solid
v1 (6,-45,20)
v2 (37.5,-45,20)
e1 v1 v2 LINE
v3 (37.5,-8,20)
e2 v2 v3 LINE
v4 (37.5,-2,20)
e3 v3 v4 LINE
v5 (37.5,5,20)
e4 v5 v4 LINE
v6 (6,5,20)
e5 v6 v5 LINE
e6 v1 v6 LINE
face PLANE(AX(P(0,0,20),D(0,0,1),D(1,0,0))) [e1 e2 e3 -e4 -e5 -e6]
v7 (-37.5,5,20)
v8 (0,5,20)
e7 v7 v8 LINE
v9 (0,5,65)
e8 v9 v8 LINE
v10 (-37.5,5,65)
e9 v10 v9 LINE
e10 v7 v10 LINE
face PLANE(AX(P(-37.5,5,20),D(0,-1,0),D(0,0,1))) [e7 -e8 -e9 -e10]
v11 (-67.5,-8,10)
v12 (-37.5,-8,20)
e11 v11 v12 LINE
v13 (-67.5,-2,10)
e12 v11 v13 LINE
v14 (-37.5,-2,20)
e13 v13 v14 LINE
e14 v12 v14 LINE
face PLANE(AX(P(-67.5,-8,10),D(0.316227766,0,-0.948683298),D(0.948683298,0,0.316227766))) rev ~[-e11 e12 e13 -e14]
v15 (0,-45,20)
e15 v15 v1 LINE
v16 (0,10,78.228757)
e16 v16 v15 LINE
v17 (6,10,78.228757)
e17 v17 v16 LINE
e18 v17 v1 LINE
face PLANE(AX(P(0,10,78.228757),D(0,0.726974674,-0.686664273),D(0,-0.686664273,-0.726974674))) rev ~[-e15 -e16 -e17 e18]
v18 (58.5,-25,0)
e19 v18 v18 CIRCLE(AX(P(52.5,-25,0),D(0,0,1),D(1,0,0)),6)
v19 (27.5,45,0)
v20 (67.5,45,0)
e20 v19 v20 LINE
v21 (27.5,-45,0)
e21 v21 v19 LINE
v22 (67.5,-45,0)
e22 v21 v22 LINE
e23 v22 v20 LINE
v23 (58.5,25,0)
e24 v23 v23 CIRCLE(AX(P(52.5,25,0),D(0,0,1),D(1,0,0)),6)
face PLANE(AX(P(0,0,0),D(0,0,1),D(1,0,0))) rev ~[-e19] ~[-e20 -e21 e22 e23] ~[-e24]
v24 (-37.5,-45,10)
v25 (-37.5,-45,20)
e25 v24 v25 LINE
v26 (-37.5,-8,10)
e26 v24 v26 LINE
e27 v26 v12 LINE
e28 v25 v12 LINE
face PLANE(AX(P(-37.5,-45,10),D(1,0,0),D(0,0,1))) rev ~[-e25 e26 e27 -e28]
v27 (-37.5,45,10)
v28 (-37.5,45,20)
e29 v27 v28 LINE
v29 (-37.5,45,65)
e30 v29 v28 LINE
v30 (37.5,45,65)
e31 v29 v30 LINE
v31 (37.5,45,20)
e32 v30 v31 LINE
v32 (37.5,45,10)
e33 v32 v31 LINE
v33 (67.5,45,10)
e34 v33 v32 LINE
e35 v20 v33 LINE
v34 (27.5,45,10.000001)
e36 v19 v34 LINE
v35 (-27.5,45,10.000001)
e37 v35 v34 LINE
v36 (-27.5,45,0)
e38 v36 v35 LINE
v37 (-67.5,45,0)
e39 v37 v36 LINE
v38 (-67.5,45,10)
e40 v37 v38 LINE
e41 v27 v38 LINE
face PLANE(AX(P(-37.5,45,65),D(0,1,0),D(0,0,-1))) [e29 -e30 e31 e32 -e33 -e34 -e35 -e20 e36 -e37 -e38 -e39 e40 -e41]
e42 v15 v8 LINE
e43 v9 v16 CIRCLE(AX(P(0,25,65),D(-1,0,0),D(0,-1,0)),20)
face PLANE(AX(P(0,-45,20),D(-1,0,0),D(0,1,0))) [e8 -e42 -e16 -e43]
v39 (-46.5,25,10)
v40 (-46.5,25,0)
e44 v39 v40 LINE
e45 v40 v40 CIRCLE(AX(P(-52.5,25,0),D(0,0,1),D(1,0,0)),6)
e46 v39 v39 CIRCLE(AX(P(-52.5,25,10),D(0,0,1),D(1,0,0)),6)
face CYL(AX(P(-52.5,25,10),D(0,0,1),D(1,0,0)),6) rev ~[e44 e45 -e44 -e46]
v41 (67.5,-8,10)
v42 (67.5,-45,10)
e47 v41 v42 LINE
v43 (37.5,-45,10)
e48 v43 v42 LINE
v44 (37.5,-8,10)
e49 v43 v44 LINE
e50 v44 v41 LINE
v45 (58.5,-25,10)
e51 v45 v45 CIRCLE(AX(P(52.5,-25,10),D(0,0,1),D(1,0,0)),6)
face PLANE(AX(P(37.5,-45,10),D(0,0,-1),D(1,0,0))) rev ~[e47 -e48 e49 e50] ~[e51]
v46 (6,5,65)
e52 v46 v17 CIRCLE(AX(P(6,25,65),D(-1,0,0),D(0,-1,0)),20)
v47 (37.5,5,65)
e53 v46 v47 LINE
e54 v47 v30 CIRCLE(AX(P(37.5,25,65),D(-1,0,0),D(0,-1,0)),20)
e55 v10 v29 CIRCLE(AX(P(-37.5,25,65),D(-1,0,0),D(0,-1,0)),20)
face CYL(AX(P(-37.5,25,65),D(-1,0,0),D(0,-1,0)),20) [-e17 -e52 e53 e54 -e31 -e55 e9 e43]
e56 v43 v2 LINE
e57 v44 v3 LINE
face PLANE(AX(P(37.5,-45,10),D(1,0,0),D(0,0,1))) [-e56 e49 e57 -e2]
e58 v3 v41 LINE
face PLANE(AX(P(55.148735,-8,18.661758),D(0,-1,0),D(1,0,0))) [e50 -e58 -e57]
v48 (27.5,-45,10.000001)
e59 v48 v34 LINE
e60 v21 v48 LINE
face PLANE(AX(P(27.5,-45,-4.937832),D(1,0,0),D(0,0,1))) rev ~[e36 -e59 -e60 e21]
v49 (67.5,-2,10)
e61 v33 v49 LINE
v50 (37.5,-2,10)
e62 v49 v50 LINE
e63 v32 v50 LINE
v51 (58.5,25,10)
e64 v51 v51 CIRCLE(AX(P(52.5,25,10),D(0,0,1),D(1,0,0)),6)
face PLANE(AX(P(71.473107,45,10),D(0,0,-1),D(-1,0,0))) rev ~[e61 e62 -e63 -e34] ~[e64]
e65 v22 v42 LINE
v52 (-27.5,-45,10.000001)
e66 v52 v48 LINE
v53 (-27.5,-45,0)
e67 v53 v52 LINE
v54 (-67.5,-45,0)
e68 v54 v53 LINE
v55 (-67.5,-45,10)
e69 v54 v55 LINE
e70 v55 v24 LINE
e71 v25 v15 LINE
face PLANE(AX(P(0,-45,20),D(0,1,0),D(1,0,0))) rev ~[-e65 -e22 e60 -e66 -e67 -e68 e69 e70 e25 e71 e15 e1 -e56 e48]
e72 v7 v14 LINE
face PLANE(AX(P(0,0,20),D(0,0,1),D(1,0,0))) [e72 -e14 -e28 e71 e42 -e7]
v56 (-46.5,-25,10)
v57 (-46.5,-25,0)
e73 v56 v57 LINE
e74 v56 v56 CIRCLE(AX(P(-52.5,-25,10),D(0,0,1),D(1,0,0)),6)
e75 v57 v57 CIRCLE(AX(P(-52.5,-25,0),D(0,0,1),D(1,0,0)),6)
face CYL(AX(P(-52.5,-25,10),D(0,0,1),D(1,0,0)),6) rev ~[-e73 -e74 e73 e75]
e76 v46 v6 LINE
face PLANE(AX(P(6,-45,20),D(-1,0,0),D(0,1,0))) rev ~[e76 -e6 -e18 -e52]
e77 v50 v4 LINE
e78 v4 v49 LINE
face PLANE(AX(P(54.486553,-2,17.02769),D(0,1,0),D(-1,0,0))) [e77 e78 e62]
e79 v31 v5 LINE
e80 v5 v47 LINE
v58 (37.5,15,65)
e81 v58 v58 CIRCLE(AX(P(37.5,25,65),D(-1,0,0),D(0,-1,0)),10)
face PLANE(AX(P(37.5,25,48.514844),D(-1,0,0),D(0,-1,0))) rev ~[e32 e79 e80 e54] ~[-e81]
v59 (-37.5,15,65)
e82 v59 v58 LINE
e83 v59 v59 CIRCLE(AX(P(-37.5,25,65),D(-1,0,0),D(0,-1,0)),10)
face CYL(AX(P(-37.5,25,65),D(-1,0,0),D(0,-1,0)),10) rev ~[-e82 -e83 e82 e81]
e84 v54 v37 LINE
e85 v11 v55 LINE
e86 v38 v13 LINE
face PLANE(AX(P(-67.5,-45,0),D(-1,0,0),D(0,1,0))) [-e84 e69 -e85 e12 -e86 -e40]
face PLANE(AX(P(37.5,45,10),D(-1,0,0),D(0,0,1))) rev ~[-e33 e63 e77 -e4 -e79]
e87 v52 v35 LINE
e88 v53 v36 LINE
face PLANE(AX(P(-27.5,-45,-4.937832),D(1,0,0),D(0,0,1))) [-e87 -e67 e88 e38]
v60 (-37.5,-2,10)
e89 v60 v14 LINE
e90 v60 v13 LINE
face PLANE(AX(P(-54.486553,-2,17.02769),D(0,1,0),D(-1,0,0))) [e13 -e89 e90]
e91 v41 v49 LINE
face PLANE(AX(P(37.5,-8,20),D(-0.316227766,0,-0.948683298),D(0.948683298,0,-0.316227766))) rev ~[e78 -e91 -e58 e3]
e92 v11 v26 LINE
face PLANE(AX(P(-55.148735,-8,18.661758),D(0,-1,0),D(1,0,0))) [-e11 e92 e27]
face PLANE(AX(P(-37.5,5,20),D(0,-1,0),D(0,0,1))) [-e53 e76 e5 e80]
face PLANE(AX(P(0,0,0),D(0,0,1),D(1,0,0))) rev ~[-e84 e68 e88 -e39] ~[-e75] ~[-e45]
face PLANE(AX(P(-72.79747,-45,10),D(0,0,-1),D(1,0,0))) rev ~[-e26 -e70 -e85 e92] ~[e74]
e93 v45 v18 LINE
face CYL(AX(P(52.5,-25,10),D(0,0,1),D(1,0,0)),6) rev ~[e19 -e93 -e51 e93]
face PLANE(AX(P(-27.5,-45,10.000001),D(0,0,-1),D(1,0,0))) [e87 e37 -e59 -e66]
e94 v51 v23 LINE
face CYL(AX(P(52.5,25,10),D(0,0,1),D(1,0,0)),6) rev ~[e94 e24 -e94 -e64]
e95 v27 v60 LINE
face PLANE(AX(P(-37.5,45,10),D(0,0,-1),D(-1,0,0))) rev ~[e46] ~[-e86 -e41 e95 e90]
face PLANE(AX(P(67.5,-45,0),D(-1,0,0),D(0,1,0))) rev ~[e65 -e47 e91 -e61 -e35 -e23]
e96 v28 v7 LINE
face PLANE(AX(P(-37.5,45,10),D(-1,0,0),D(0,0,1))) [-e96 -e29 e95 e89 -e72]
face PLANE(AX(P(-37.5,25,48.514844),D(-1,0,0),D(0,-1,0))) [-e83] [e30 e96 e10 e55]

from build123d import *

# Parameters (mm, degrees)
F0_W      = 135
F0_H      = 90
F1_DEPTH  = 20
F2_W      = 55
F2_H      = 14.937833
F3_DEPTH  = 90
F4_W      = 35.29747
F4_H      = 17.323516
F5_DEPTH  = 37
F6_W      = 33.973107
F6_H      = 14.05538
F7_DEPTH  = 47
F9_DEPTH  = 6
F11_DEPTH = 75
F12_R     = 10
F13_DEPTH = 105.001
F14_R     = 6
F15_DEPTH = 10.001
F16_W     = 6
F16_H     = 55
F17_DEPTH = 65
F19_DEPTH = 6


with BuildPart() as f1:
    # F0 (on Top) → F1 (new body)
    with BuildSketch(Plane.XY):
        Rectangle(F0_W, F0_H)
    extrude(amount=F1_DEPTH)

    # F2 (on face) → F3 (cut, through all)
    with BuildSketch(Plane.XZ.offset(45)):
        with Locations((0, 2.531084)):
            Rectangle(F2_W, F2_H)
    extrude(amount=-F3_DEPTH, mode=Mode.SUBTRACT)

    # F4 (on face) → F5 (cut)
    with BuildSketch(Plane.XZ.offset(45)):
        with Locations((-55.148735, 18.661758)):
            Rectangle(F4_W, F4_H)
        with Locations((55.148735, 18.661758)):
            Rectangle(F4_W, F4_H)
    extrude(amount=-F5_DEPTH, mode=Mode.SUBTRACT)

    # F6 (on face) → F7 (cut)
    with BuildSketch(Plane(origin=(0, 45, 0), x_dir=(-1, 0, 0), z_dir=(0, 1, 0))):
        with Locations((-54.486553, 17.02769)):
            Rectangle(F6_W, F6_H)
        with Locations((54.486553, 17.02769)):
            Rectangle(F6_W, F6_H)
    extrude(amount=-F7_DEPTH, mode=Mode.SUBTRACT)

    # F8 (on face) → F9 (cut, through all)
    with BuildSketch(Plane.XZ.offset(8)):
        Polygon((-69.806829, 10), (-67.5, 10), (-37.5, 20), (-37.5, 24.232961), (-69.806829, 24.232961), align=None)
        Polygon((69.806829, 24.232961), (37.5, 24.232961), (37.5, 20), (67.5, 10), (69.806829, 10), align=None)
    extrude(amount=-F9_DEPTH, mode=Mode.SUBTRACT)

    # F10 (on face) → F11 (join, through all)
    with BuildSketch(Plane(origin=(-37.5, 0, 0), x_dir=(0, -1, 0), z_dir=(-1, 0, 0))):
        with BuildLine():
            Line((-45, 65), (-45, 20))
            Line((-45, 20), (-5, 20))
            Line((-5, 20), (-5, 65))
            ThreePointArc((-5, 65), (-25, 85), (-45, 65))
        make_face()
    extrude(amount=-F11_DEPTH)

    # F12 (on face) → F13 (cut, through all)
    with BuildSketch(Plane(origin=(-37.5, 0, 0), x_dir=(0, -1, 0), z_dir=(-1, 0, 0))):
        with Locations((-25, 65)):
            Circle(F12_R)
    extrude(amount=-F13_DEPTH, mode=Mode.SUBTRACT)

    # F14 (on face) → F15 (cut, through all)
    with BuildSketch(Plane.XY.offset(10)):
        with Locations((-52.5, -25)):
            Circle(F14_R)
        with Locations((-52.5, 25)):
            Circle(F14_R)
        with Locations((52.5, -25)):
            Circle(F14_R)
        with Locations((52.5, 25)):
            Circle(F14_R)
    extrude(amount=-F15_DEPTH, mode=Mode.SUBTRACT)

    # F16 (on face) → F17 (join)
    with BuildSketch(Plane.XY.offset(20)):
        with Locations((3, -17.5)):
            Rectangle(F16_W, F16_H)
    extrude(amount=F17_DEPTH)

    # F18 (on face) → F19 (cut)
    with BuildSketch(Plane(origin=(0, 0, 0), x_dir=(0, -1, 0), z_dir=(-1, 0, 0))):
        Polygon((-10, 78.228757), (45, 20), (45, 85), (-10, 85), align=None)
    extrude(amount=-F19_DEPTH, mode=Mode.SUBTRACT)


solid = f1.part
